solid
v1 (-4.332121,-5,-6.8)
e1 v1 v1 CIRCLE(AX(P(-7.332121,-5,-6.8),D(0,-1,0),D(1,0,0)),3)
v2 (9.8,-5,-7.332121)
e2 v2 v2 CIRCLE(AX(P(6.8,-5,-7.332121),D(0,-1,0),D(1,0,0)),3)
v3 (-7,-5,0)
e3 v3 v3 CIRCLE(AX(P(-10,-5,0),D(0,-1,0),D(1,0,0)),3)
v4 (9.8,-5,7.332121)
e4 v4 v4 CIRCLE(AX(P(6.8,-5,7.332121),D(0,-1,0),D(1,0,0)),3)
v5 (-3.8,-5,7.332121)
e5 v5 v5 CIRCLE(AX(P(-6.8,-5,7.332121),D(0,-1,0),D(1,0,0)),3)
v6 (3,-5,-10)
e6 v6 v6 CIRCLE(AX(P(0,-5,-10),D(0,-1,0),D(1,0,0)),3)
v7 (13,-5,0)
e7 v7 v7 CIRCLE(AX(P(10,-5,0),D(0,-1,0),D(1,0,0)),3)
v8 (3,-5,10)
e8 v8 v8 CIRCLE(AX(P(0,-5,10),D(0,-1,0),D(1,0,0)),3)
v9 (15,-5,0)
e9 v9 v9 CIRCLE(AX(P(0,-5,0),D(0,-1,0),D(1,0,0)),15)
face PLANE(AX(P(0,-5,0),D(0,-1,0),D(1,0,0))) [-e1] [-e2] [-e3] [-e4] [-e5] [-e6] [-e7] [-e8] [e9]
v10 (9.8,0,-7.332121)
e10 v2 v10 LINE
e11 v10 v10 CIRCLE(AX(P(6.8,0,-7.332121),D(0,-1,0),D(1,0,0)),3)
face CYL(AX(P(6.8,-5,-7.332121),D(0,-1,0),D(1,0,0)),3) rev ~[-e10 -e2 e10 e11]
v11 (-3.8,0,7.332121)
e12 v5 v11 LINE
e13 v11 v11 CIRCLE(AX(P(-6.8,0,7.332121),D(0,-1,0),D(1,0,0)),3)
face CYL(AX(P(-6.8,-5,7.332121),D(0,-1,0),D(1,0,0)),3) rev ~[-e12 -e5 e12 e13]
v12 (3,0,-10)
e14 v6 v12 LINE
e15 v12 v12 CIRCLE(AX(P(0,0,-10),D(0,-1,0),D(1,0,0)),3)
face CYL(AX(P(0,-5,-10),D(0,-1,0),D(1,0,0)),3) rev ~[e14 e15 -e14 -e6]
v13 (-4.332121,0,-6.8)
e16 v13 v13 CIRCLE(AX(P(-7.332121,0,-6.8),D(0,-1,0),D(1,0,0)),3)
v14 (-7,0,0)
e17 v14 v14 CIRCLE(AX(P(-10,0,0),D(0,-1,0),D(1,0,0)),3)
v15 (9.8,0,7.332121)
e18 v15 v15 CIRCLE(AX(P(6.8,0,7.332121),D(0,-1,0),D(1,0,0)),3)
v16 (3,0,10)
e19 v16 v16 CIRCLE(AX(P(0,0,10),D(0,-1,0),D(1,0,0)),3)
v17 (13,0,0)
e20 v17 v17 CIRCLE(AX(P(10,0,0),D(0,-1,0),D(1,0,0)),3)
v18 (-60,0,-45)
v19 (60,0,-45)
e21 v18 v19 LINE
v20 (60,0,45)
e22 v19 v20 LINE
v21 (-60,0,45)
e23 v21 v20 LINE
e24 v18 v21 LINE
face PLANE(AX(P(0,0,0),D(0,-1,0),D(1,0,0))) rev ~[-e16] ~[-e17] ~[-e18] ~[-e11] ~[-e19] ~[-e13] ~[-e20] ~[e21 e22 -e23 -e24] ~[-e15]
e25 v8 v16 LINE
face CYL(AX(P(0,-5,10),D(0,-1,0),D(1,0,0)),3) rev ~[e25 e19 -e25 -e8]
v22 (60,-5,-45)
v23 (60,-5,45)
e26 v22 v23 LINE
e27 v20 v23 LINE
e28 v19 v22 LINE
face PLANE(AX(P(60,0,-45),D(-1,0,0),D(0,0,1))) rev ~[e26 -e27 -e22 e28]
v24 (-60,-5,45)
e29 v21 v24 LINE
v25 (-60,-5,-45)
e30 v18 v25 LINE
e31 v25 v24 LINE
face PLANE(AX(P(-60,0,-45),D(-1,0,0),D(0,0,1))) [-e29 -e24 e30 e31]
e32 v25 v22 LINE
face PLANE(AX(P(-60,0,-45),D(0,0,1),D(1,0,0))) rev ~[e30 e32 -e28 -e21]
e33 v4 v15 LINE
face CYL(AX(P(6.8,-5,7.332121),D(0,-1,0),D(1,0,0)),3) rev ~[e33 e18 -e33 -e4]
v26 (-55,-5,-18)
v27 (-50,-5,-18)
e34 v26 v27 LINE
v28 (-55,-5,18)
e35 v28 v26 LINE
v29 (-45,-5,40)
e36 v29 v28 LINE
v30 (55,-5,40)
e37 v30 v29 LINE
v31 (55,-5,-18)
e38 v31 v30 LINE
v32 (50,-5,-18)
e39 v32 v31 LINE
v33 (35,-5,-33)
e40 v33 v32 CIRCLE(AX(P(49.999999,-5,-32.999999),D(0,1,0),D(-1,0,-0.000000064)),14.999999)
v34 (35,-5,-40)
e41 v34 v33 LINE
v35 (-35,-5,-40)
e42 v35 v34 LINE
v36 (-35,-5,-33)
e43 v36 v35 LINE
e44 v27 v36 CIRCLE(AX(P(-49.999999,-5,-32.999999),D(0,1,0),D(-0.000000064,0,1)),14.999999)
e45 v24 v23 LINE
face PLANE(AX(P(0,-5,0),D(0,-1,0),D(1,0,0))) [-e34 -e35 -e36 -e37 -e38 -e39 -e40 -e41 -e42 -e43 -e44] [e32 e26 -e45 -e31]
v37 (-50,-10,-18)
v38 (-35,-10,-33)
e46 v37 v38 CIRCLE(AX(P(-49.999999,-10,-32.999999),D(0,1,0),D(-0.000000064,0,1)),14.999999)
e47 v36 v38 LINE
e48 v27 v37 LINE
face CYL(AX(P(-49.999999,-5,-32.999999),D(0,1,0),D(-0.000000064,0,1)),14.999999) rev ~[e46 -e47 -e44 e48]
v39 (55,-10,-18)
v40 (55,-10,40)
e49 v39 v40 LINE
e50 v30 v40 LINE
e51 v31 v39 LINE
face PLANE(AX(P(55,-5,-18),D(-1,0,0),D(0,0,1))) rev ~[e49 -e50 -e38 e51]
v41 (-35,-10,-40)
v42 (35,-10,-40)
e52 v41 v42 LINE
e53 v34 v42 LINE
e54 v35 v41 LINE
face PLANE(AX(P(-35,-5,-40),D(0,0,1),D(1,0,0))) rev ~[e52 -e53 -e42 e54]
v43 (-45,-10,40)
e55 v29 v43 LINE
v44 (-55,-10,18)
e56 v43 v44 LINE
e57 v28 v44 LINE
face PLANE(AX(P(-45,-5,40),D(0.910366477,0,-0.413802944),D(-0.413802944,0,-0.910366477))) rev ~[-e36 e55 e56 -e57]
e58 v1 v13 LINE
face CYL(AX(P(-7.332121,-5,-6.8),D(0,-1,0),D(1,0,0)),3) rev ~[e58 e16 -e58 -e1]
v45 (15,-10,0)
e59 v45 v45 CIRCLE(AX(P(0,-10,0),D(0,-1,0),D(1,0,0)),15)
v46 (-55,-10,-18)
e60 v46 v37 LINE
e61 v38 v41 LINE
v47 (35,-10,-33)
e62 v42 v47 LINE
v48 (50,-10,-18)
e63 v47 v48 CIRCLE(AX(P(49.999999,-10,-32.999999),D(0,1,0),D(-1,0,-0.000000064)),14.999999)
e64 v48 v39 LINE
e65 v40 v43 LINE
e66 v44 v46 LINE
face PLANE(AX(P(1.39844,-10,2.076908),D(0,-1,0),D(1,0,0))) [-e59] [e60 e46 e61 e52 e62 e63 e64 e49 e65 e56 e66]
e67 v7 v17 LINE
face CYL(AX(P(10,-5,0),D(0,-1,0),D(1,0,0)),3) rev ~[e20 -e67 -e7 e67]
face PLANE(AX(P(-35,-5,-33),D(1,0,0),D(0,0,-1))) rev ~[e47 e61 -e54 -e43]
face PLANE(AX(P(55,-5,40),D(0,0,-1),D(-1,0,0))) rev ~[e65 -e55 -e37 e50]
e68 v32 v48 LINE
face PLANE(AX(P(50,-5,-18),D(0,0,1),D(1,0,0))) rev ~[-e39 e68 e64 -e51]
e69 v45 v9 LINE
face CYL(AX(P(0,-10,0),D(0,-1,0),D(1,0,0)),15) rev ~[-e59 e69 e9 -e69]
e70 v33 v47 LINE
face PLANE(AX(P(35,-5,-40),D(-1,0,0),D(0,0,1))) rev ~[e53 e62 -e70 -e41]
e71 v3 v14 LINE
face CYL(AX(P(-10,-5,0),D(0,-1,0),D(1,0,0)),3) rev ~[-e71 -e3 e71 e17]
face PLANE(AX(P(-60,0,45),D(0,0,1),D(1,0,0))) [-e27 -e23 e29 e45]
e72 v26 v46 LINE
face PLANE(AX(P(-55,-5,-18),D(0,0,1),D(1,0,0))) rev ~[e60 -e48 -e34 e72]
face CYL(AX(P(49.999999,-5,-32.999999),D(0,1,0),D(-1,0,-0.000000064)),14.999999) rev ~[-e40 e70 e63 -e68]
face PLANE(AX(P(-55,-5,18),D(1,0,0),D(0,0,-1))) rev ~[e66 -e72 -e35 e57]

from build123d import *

# Parameters (mm, degrees)
F0_W     = 120
F0_H     = 90
F1_DEPTH = 5
F3_DEPTH = 5
F4_R     = 15
F5_DEPTH = 5
F6_R     = 3
F7_DEPTH = 5


with BuildPart() as f1:
    # F0 (on Front) → F1 (new body)
    with BuildSketch(Plane.XZ):
        Rectangle(F0_W, F0_H)
    extrude(amount=F1_DEPTH)

    # F2 (on face) → F3 (join)
    with BuildSketch(Plane.XZ.offset(5)):
        with BuildLine():
            Line((55, -18), (55, 40))
            Line((55, 40), (-45, 40))
            Line((-45, 40), (-55, 18))
            Line((-55, 18), (-55, -18))
            Line((-55, -18), (-50, -18))
            ThreePointArc((-50, -18), (-39.393398, -22.393398), (-35, -33))
            Line((-35, -33), (-35, -40))
            Line((-35, -40), (35, -40))
            Line((35, -40), (35, -33))
            ThreePointArc((35, -33), (39.393398, -22.393398), (50, -18))
            Line((50, -18), (55, -18))
        make_face()
    extrude(amount=F3_DEPTH)

    # F4 (on face) → F5 (cut)
    with BuildSketch(Plane.XZ.offset(10)):
        Circle(F4_R)
    extrude(amount=-F5_DEPTH, mode=Mode.SUBTRACT)

    # F6 (on face) → F7 (cut)
    with BuildSketch(Plane.XZ.offset(5)):
        with Locations((0, 10)):
            Circle(F6_R)
        with Locations((-6.8, 7.332121)):
            Circle(F6_R)
        with Locations((-10, 0)):
            Circle(F6_R)
        with Locations((-7.332121, -6.8)):
            Circle(F6_R)
        with Locations((0, -10)):
            Circle(F6_R)
        with Locations((6.8, -7.332121)):
            Circle(F6_R)
        with Locations((10, 0)):
            Circle(F6_R)
        with Locations((6.8, 7.332121)):
            Circle(F6_R)
    extrude(amount=-F7_DEPTH, mode=Mode.SUBTRACT)


solid = f1.part
